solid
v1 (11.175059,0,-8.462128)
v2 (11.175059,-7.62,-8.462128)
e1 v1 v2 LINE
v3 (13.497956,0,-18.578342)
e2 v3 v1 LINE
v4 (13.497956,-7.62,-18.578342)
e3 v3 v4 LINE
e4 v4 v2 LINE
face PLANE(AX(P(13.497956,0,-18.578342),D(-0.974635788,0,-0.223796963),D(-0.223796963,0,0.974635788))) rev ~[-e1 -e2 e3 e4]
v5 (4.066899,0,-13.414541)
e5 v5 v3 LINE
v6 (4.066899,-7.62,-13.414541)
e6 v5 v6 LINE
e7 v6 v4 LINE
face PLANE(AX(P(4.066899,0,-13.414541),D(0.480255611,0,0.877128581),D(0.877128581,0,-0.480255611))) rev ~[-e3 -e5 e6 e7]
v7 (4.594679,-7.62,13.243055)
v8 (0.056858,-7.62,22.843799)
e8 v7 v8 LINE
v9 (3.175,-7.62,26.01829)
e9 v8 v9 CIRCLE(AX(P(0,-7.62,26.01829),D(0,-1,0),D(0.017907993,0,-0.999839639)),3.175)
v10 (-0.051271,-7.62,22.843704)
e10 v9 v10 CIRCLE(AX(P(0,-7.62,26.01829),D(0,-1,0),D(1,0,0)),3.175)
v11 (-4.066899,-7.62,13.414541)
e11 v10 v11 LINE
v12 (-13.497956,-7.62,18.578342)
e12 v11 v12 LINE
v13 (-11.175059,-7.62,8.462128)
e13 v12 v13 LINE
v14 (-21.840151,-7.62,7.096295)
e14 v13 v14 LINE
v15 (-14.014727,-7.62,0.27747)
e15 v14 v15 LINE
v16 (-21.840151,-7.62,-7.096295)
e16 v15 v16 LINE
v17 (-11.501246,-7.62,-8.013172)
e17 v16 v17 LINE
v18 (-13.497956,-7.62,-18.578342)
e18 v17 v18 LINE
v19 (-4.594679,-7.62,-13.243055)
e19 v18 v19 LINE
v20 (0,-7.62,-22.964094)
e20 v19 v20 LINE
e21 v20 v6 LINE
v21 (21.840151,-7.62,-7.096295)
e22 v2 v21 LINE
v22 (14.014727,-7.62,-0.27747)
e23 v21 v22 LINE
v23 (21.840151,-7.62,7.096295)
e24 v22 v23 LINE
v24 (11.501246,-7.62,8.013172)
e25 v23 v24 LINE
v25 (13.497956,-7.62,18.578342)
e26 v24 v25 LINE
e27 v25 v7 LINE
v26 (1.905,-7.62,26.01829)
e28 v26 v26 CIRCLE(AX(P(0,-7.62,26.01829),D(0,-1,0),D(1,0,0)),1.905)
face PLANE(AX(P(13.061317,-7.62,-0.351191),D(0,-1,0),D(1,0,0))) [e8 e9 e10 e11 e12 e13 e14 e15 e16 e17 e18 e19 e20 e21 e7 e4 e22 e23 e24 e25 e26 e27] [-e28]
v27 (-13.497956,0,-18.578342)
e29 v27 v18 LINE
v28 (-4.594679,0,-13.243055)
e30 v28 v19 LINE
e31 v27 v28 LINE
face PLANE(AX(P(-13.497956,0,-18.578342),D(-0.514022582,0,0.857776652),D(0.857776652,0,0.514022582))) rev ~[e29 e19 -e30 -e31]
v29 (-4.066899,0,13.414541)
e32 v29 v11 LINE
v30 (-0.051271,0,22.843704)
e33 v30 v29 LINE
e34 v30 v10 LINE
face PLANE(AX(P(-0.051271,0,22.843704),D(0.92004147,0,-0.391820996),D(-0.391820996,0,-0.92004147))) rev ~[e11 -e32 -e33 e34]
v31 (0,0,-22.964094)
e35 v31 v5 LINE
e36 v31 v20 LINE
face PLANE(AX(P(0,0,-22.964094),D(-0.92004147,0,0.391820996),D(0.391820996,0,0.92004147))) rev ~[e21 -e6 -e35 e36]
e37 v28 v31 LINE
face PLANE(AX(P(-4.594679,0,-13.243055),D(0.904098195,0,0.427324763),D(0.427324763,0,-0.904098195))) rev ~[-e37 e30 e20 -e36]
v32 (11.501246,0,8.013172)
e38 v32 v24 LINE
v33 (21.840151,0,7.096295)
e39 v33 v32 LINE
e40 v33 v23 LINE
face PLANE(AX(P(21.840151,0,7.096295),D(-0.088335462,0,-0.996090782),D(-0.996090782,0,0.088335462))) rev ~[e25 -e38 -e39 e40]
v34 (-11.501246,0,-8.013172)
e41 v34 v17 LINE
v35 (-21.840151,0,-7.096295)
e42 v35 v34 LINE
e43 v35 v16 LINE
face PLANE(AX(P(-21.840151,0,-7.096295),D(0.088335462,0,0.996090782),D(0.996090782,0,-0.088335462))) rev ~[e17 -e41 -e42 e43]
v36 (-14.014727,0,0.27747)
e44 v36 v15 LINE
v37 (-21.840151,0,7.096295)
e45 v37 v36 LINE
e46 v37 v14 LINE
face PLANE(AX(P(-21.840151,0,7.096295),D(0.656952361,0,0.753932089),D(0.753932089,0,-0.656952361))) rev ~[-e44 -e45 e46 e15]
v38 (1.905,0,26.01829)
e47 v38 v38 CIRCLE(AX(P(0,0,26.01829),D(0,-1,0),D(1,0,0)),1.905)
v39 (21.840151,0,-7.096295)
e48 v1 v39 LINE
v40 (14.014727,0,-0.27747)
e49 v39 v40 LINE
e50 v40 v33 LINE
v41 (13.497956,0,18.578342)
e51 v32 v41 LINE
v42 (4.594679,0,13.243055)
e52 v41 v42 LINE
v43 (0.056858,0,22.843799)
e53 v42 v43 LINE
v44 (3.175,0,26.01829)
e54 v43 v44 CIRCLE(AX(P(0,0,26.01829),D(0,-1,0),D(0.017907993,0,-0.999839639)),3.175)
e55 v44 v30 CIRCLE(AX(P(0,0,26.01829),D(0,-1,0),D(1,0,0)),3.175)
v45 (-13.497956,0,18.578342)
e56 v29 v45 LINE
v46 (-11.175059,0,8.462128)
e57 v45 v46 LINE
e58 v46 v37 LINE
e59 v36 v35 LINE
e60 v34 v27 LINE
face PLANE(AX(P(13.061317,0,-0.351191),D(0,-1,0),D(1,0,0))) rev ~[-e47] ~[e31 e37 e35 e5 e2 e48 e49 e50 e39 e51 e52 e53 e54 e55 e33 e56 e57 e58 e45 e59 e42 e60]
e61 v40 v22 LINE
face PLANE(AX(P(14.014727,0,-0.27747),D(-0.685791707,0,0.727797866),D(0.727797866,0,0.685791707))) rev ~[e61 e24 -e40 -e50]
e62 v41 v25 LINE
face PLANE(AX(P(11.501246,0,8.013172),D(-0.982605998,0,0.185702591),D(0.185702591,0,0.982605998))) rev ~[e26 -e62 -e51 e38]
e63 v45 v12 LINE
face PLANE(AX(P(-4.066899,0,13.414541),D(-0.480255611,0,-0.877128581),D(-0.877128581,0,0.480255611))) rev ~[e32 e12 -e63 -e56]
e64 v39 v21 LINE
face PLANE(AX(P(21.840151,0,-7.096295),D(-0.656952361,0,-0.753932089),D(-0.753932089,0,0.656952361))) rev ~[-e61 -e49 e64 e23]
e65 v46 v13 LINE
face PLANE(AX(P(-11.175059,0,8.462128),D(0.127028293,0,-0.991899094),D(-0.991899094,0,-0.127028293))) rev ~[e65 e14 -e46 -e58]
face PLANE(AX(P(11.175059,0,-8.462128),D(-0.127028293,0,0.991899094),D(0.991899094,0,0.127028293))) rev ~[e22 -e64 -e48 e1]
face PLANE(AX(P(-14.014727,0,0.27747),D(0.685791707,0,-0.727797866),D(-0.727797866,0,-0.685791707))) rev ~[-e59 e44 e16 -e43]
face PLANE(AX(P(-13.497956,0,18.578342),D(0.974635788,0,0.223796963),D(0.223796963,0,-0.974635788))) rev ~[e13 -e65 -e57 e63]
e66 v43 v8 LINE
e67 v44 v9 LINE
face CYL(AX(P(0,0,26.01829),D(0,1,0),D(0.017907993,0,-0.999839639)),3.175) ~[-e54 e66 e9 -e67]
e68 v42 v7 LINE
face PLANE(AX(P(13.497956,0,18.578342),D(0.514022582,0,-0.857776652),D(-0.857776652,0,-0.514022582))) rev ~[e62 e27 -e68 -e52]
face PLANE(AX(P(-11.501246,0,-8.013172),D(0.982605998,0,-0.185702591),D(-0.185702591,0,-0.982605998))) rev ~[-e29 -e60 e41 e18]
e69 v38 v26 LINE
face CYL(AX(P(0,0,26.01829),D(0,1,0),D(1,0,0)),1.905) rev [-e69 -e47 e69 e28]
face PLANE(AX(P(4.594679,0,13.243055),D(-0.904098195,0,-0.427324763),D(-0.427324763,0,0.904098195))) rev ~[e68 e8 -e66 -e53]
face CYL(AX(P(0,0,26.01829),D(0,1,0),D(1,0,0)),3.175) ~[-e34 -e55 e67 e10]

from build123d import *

# Parameters (mm, degrees)
F0_R     = 1.905
F1_DEPTH = 7.62


with BuildPart() as f1:
    # F0 (on Front) → F1 (new body)
    with BuildSketch(Plane.XZ):
        with BuildLine():
            ThreePointArc((12.6683750064, 0.8956978825), (12.6920912891, 0.4481280054), (12.7, 0))
            ThreePointArc((12.7, 0), (12.6742535258, -0.8082682494), (12.597118494, -1.6132593244))
            Line((12.597118494, -1.6132593244), (14.0147271976, -0.2774704496))
            Line((14.0147271976, -0.2774704496), (12.6683750064, 0.8956978825))
        make_face()
        with BuildLine():
            ThreePointArc((11.1395329808, 6.0992462624), (12.1849640795, 3.5800349694), (12.6683750064, 0.8956978825))
            Line((12.6683750064, 0.8956978825), (14.0147271976, -0.2774704496))
            Line((14.0147271976, -0.2774704496), (21.8401513968, 7.0962953575))
            Line((21.8401513968, 7.0962953575), (11.5012455126, 8.0131716525))
            Line((11.5012455126, 8.0131716525), (11.1395329808, 6.0992462624))
        make_face()
        with BuildLine():
            Line((14.0147271976, -0.2774704496), (12.597118494, -1.6132593244))
            ThreePointArc((12.597118494, -1.6132593244), (11.9621347738, -4.2658330549), (10.7754086772, -6.7216491905))
            Line((10.7754086772, -6.7216491905), (11.1750594361, -8.4621282708))
            Line((11.1750594361, -8.4621282708), (21.8401513968, -7.0962953575))
            Line((21.8401513968, -7.0962953575), (14.0147271976, -0.2774704496))
        make_face()
        with BuildLine():
            ThreePointArc((9.7224526655, 8.1709188081), (10.4822978426, 7.1701765626), (11.1395329808, 6.0992462624))
            Line((11.1395329808, 6.0992462624), (11.5012455126, 8.0131716525))
            Line((11.5012455126, 8.0131716525), (9.7224526655, 8.1709188081))
        make_face()
        with BuildLine():
            Line((11.1750594361, -8.4621282708), (10.7754086772, -6.7216491905))
            ThreePointArc((10.7754086772, -6.7216491905), (10.0584513163, -7.7535512584), (9.2430329028, -8.709554682))
            Line((9.2430329028, -8.709554682), (11.1750594361, -8.4621282708))
        make_face()
        with BuildLine():
            ThreePointArc((5.4270244878, 11.4820470827), (7.7535512584, 10.0584513163), (9.7224526655, 8.1709188081))
            Line((9.7224526655, 8.1709188081), (11.5012455126, 8.0131716525))
            Line((11.5012455126, 8.0131716525), (13.4979558827, 18.5783424402))
            Line((13.4979558827, 18.5783424402), (4.5946789547, 13.243054541))
            Line((4.5946789547, 13.243054541), (5.4270244878, 11.4820470827))
        make_face()
        with BuildLine():
            Line((11.1750594361, -8.4621282708), (9.2430329028, -8.709554682))
            ThreePointArc((9.2430329028, -8.709554682), (7.1701765626, -10.4822978426), (4.7666024759, -11.7715547332))
            Line((4.7666024759, -11.7715547332), (4.0668987964, -13.4145407097))
            Line((4.0668987964, -13.4145407097), (13.4979558827, -18.5783424402))
            Line((13.4979558827, -18.5783424402), (11.1750594361, -8.4621282708))
        make_face()
        with BuildLine():
            ThreePointArc((3.0628838603, 12.3251264683), (4.2658330549, 11.9621347738), (5.4270244878, 11.4820470827))
            Line((5.4270244878, 11.4820470827), (4.5946789547, 13.243054541))
            Line((4.5946789547, 13.243054541), (3.0628838603, 12.3251264683))
        make_face()
        with BuildLine():
            Line((4.0668987964, -13.4145407097), (4.7666024759, -11.7715547332))
            ThreePointArc((4.7666024759, -11.7715547332), (3.5800349694, -12.1849640795), (2.3584229018, -12.4790961779))
            Line((2.3584229018, -12.4790961779), (4.0668987964, -13.4145407097))
        make_face()
        with BuildLine():
            ThreePointArc((-2.3584229018, 12.4790961779), (0.3605453902, 12.6948811346), (3.0628838603, 12.3251264683))
            Line((3.0628838603, 12.3251264683), (4.5946789547, 13.243054541))
            Line((4.5946789547, 13.243054541), (0.0568578782, 22.8437989952))
            ThreePointArc((0.0568578782, 22.8437989952), (0.0027938397, 22.8432910784), (-0.0512710089, 22.8437038472))
            Line((-0.0512710089, 22.8437038472), (-4.0668987964, 13.4145407097))
            Line((-4.0668987964, 13.4145407097), (-2.3584229018, 12.4790961779))
        make_face()
        with BuildLine():
            Line((4.0668987964, -13.4145407097), (2.3584229018, -12.4790961779))
            ThreePointArc((2.3584229018, -12.4790961779), (-0.3605453902, -12.6948811346), (-3.0628838603, -12.3251264683))
            Line((-3.0628838603, -12.3251264683), (-4.5946789547, -13.243054541))
            Line((-4.5946789547, -13.243054541), (0, -22.9640941654))
            Line((0, -22.9640941654), (4.0668987964, -13.4145407097))
        make_face()
        with BuildLine():
            ThreePointArc((-4.7666024759, 11.7715547332), (-3.5800349694, 12.1849640795), (-2.3584229018, 12.4790961779))
            Line((-2.3584229018, 12.4790961779), (-4.0668987964, 13.4145407097))
            Line((-4.0668987964, 13.4145407097), (-4.7666024759, 11.7715547332))
        make_face()
        with BuildLine():
            ThreePointArc((-0.0512710089, 22.8437038472), (0.0027938397, 22.8432910784), (0.0568578782, 22.8437989952))
            Line((0.0568578782, 22.8437989952), (0, 22.9640941654))
            Line((0, 22.9640941654), (-0.0512710089, 22.8437038472))
        make_face()
        with BuildLine():
            Line((0, 22.9640941654), (0.0568578782, 22.8437989952))
            ThreePointArc((0.0568578782, 22.8437989952), (2.2650771249, 23.7934189274), (3.175, 26.0182898492))
            ThreePointArc((3.175, 26.0182898492), (-2.2268632139, 28.281408323), (-0.0512710089, 22.8437038472))
            Line((-0.0512710089, 22.8437038472), (0, 22.9640941654))
        make_face()
        with Locations((0, 26.0182898492)):
            Circle(F0_R, mode=Mode.SUBTRACT)
        with BuildLine():
            Line((-4.5946789547, -13.243054541), (-3.0628838603, -12.3251264683))
            ThreePointArc((-3.0628838603, -12.3251264683), (-4.2658330549, -11.9621347738), (-5.4270244878, -11.4820470827))
            Line((-5.4270244878, -11.4820470827), (-4.5946789547, -13.243054541))
        make_face()
        with BuildLine():
            ThreePointArc((-9.2430329028, 8.709554682), (-7.1701765626, 10.4822978426), (-4.7666024759, 11.7715547332))
            Line((-4.7666024759, 11.7715547332), (-4.0668987964, 13.4145407097))
            Line((-4.0668987964, 13.4145407097), (-13.4979558827, 18.5783424402))
            Line((-13.4979558827, 18.5783424402), (-11.1750594361, 8.4621282708))
            Line((-11.1750594361, 8.4621282708), (-9.2430329028, 8.709554682))
        make_face()
        with BuildLine():
            Line((-4.5946789547, -13.243054541), (-5.4270244878, -11.4820470827))
            ThreePointArc((-5.4270244878, -11.4820470827), (-7.7535512584, -10.0584513163), (-9.7224526655, -8.1709188081))
            Line((-9.7224526655, -8.1709188081), (-11.5012455126, -8.0131716525))
            Line((-11.5012455126, -8.0131716525), (-13.4979558827, -18.5783424402))
            Line((-13.4979558827, -18.5783424402), (-4.5946789547, -13.243054541))
        make_face()
        with BuildLine():
            ThreePointArc((-10.7754086772, 6.7216491905), (-10.0584513163, 7.7535512584), (-9.2430329028, 8.709554682))
            Line((-9.2430329028, 8.709554682), (-11.1750594361, 8.4621282708))
            Line((-11.1750594361, 8.4621282708), (-10.7754086772, 6.7216491905))
        make_face()
        with BuildLine():
            Line((-11.5012455126, -8.0131716525), (-9.7224526655, -8.1709188081))
            ThreePointArc((-9.7224526655, -8.1709188081), (-10.4822978426, -7.1701765626), (-11.1395329808, -6.0992462624))
            Line((-11.1395329808, -6.0992462624), (-11.5012455126, -8.0131716525))
        make_face()
        with BuildLine():
            ThreePointArc((-12.597118494, 1.6132593244), (-11.9621347738, 4.2658330549), (-10.7754086772, 6.7216491905))
            Line((-10.7754086772, 6.7216491905), (-11.1750594361, 8.4621282708))
            Line((-11.1750594361, 8.4621282708), (-21.8401513968, 7.0962953575))
            Line((-21.8401513968, 7.0962953575), (-14.0147271976, 0.2774704496))
            Line((-14.0147271976, 0.2774704496), (-12.597118494, 1.6132593244))
        make_face()
        with BuildLine():
            Line((-11.5012455126, -8.0131716525), (-11.1395329808, -6.0992462624))
            ThreePointArc((-11.1395329808, -6.0992462624), (-12.1849640795, -3.5800349694), (-12.6683750064, -0.8956978825))
            Line((-12.6683750064, -0.8956978825), (-14.0147271976, 0.2774704496))
            Line((-14.0147271976, 0.2774704496), (-21.8401513968, -7.0962953575))
            Line((-21.8401513968, -7.0962953575), (-11.5012455126, -8.0131716525))
        make_face()
        with BuildLine():
            ThreePointArc((-12.6683750064, -0.8956978825), (-12.6948811346, 0.3605453902), (-12.597118494, 1.6132593244))
            Line((-12.597118494, 1.6132593244), (-14.0147271976, 0.2774704496))
            Line((-14.0147271976, 0.2774704496), (-12.6683750064, -0.8956978825))
        make_face()
        with BuildLine():
            ThreePointArc((12.597118494, -1.6132593244), (12.6742535258, -0.8082682494), (12.7, 0))
            ThreePointArc((12.7, 0), (12.6920912891, 0.4481280054), (12.6683750064, 0.8956978825))
            ThreePointArc((12.6683750064, 0.8956978825), (12.1849640795, 3.5800349694), (11.1395329808, 6.0992462624))
            ThreePointArc((11.1395329808, 6.0992462624), (10.4822978426, 7.1701765626), (9.7224526655, 8.1709188081))
            ThreePointArc((9.7224526655, 8.1709188081), (7.7535512584, 10.0584513163), (5.4270244878, 11.4820470827))
            ThreePointArc((5.4270244878, 11.4820470827), (4.2658330549, 11.9621347738), (3.0628838603, 12.3251264683))
            ThreePointArc((3.0628838603, 12.3251264683), (0.3605453902, 12.6948811346), (-2.3584229018, 12.4790961779))
            ThreePointArc((-2.3584229018, 12.4790961779), (-3.5800349694, 12.1849640795), (-4.7666024759, 11.7715547332))
            ThreePointArc((-4.7666024759, 11.7715547332), (-7.1701765626, 10.4822978426), (-9.2430329028, 8.709554682))
            ThreePointArc((-9.2430329028, 8.709554682), (-10.0584513163, 7.7535512584), (-10.7754086772, 6.7216491905))
            ThreePointArc((-10.7754086772, 6.7216491905), (-11.9621347738, 4.2658330549), (-12.597118494, 1.6132593244))
            ThreePointArc((-12.597118494, 1.6132593244), (-12.6948811346, 0.3605453902), (-12.6683750064, -0.8956978825))
            ThreePointArc((-12.6683750064, -0.8956978825), (-12.1849640795, -3.5800349694), (-11.1395329808, -6.0992462624))
            ThreePointArc((-11.1395329808, -6.0992462624), (-10.4822978426, -7.1701765626), (-9.7224526655, -8.1709188081))
            ThreePointArc((-9.7224526655, -8.1709188081), (-7.7535512584, -10.0584513163), (-5.4270244878, -11.4820470827))
            ThreePointArc((-5.4270244878, -11.4820470827), (-4.2658330549, -11.9621347738), (-3.0628838603, -12.3251264683))
            ThreePointArc((-3.0628838603, -12.3251264683), (-0.3605453902, -12.6948811346), (2.3584229018, -12.4790961779))
            ThreePointArc((2.3584229018, -12.4790961779), (3.5800349694, -12.1849640795), (4.7666024759, -11.7715547332))
            ThreePointArc((4.7666024759, -11.7715547332), (7.1701765626, -10.4822978426), (9.2430329028, -8.709554682))
            ThreePointArc((9.2430329028, -8.709554682), (10.0584513163, -7.7535512584), (10.7754086772, -6.7216491905))
            ThreePointArc((10.7754086772, -6.7216491905), (11.9621347738, -4.2658330549), (12.597118494, -1.6132593244))
        make_face()
    extrude(amount=F1_DEPTH)


solid = f1.part
